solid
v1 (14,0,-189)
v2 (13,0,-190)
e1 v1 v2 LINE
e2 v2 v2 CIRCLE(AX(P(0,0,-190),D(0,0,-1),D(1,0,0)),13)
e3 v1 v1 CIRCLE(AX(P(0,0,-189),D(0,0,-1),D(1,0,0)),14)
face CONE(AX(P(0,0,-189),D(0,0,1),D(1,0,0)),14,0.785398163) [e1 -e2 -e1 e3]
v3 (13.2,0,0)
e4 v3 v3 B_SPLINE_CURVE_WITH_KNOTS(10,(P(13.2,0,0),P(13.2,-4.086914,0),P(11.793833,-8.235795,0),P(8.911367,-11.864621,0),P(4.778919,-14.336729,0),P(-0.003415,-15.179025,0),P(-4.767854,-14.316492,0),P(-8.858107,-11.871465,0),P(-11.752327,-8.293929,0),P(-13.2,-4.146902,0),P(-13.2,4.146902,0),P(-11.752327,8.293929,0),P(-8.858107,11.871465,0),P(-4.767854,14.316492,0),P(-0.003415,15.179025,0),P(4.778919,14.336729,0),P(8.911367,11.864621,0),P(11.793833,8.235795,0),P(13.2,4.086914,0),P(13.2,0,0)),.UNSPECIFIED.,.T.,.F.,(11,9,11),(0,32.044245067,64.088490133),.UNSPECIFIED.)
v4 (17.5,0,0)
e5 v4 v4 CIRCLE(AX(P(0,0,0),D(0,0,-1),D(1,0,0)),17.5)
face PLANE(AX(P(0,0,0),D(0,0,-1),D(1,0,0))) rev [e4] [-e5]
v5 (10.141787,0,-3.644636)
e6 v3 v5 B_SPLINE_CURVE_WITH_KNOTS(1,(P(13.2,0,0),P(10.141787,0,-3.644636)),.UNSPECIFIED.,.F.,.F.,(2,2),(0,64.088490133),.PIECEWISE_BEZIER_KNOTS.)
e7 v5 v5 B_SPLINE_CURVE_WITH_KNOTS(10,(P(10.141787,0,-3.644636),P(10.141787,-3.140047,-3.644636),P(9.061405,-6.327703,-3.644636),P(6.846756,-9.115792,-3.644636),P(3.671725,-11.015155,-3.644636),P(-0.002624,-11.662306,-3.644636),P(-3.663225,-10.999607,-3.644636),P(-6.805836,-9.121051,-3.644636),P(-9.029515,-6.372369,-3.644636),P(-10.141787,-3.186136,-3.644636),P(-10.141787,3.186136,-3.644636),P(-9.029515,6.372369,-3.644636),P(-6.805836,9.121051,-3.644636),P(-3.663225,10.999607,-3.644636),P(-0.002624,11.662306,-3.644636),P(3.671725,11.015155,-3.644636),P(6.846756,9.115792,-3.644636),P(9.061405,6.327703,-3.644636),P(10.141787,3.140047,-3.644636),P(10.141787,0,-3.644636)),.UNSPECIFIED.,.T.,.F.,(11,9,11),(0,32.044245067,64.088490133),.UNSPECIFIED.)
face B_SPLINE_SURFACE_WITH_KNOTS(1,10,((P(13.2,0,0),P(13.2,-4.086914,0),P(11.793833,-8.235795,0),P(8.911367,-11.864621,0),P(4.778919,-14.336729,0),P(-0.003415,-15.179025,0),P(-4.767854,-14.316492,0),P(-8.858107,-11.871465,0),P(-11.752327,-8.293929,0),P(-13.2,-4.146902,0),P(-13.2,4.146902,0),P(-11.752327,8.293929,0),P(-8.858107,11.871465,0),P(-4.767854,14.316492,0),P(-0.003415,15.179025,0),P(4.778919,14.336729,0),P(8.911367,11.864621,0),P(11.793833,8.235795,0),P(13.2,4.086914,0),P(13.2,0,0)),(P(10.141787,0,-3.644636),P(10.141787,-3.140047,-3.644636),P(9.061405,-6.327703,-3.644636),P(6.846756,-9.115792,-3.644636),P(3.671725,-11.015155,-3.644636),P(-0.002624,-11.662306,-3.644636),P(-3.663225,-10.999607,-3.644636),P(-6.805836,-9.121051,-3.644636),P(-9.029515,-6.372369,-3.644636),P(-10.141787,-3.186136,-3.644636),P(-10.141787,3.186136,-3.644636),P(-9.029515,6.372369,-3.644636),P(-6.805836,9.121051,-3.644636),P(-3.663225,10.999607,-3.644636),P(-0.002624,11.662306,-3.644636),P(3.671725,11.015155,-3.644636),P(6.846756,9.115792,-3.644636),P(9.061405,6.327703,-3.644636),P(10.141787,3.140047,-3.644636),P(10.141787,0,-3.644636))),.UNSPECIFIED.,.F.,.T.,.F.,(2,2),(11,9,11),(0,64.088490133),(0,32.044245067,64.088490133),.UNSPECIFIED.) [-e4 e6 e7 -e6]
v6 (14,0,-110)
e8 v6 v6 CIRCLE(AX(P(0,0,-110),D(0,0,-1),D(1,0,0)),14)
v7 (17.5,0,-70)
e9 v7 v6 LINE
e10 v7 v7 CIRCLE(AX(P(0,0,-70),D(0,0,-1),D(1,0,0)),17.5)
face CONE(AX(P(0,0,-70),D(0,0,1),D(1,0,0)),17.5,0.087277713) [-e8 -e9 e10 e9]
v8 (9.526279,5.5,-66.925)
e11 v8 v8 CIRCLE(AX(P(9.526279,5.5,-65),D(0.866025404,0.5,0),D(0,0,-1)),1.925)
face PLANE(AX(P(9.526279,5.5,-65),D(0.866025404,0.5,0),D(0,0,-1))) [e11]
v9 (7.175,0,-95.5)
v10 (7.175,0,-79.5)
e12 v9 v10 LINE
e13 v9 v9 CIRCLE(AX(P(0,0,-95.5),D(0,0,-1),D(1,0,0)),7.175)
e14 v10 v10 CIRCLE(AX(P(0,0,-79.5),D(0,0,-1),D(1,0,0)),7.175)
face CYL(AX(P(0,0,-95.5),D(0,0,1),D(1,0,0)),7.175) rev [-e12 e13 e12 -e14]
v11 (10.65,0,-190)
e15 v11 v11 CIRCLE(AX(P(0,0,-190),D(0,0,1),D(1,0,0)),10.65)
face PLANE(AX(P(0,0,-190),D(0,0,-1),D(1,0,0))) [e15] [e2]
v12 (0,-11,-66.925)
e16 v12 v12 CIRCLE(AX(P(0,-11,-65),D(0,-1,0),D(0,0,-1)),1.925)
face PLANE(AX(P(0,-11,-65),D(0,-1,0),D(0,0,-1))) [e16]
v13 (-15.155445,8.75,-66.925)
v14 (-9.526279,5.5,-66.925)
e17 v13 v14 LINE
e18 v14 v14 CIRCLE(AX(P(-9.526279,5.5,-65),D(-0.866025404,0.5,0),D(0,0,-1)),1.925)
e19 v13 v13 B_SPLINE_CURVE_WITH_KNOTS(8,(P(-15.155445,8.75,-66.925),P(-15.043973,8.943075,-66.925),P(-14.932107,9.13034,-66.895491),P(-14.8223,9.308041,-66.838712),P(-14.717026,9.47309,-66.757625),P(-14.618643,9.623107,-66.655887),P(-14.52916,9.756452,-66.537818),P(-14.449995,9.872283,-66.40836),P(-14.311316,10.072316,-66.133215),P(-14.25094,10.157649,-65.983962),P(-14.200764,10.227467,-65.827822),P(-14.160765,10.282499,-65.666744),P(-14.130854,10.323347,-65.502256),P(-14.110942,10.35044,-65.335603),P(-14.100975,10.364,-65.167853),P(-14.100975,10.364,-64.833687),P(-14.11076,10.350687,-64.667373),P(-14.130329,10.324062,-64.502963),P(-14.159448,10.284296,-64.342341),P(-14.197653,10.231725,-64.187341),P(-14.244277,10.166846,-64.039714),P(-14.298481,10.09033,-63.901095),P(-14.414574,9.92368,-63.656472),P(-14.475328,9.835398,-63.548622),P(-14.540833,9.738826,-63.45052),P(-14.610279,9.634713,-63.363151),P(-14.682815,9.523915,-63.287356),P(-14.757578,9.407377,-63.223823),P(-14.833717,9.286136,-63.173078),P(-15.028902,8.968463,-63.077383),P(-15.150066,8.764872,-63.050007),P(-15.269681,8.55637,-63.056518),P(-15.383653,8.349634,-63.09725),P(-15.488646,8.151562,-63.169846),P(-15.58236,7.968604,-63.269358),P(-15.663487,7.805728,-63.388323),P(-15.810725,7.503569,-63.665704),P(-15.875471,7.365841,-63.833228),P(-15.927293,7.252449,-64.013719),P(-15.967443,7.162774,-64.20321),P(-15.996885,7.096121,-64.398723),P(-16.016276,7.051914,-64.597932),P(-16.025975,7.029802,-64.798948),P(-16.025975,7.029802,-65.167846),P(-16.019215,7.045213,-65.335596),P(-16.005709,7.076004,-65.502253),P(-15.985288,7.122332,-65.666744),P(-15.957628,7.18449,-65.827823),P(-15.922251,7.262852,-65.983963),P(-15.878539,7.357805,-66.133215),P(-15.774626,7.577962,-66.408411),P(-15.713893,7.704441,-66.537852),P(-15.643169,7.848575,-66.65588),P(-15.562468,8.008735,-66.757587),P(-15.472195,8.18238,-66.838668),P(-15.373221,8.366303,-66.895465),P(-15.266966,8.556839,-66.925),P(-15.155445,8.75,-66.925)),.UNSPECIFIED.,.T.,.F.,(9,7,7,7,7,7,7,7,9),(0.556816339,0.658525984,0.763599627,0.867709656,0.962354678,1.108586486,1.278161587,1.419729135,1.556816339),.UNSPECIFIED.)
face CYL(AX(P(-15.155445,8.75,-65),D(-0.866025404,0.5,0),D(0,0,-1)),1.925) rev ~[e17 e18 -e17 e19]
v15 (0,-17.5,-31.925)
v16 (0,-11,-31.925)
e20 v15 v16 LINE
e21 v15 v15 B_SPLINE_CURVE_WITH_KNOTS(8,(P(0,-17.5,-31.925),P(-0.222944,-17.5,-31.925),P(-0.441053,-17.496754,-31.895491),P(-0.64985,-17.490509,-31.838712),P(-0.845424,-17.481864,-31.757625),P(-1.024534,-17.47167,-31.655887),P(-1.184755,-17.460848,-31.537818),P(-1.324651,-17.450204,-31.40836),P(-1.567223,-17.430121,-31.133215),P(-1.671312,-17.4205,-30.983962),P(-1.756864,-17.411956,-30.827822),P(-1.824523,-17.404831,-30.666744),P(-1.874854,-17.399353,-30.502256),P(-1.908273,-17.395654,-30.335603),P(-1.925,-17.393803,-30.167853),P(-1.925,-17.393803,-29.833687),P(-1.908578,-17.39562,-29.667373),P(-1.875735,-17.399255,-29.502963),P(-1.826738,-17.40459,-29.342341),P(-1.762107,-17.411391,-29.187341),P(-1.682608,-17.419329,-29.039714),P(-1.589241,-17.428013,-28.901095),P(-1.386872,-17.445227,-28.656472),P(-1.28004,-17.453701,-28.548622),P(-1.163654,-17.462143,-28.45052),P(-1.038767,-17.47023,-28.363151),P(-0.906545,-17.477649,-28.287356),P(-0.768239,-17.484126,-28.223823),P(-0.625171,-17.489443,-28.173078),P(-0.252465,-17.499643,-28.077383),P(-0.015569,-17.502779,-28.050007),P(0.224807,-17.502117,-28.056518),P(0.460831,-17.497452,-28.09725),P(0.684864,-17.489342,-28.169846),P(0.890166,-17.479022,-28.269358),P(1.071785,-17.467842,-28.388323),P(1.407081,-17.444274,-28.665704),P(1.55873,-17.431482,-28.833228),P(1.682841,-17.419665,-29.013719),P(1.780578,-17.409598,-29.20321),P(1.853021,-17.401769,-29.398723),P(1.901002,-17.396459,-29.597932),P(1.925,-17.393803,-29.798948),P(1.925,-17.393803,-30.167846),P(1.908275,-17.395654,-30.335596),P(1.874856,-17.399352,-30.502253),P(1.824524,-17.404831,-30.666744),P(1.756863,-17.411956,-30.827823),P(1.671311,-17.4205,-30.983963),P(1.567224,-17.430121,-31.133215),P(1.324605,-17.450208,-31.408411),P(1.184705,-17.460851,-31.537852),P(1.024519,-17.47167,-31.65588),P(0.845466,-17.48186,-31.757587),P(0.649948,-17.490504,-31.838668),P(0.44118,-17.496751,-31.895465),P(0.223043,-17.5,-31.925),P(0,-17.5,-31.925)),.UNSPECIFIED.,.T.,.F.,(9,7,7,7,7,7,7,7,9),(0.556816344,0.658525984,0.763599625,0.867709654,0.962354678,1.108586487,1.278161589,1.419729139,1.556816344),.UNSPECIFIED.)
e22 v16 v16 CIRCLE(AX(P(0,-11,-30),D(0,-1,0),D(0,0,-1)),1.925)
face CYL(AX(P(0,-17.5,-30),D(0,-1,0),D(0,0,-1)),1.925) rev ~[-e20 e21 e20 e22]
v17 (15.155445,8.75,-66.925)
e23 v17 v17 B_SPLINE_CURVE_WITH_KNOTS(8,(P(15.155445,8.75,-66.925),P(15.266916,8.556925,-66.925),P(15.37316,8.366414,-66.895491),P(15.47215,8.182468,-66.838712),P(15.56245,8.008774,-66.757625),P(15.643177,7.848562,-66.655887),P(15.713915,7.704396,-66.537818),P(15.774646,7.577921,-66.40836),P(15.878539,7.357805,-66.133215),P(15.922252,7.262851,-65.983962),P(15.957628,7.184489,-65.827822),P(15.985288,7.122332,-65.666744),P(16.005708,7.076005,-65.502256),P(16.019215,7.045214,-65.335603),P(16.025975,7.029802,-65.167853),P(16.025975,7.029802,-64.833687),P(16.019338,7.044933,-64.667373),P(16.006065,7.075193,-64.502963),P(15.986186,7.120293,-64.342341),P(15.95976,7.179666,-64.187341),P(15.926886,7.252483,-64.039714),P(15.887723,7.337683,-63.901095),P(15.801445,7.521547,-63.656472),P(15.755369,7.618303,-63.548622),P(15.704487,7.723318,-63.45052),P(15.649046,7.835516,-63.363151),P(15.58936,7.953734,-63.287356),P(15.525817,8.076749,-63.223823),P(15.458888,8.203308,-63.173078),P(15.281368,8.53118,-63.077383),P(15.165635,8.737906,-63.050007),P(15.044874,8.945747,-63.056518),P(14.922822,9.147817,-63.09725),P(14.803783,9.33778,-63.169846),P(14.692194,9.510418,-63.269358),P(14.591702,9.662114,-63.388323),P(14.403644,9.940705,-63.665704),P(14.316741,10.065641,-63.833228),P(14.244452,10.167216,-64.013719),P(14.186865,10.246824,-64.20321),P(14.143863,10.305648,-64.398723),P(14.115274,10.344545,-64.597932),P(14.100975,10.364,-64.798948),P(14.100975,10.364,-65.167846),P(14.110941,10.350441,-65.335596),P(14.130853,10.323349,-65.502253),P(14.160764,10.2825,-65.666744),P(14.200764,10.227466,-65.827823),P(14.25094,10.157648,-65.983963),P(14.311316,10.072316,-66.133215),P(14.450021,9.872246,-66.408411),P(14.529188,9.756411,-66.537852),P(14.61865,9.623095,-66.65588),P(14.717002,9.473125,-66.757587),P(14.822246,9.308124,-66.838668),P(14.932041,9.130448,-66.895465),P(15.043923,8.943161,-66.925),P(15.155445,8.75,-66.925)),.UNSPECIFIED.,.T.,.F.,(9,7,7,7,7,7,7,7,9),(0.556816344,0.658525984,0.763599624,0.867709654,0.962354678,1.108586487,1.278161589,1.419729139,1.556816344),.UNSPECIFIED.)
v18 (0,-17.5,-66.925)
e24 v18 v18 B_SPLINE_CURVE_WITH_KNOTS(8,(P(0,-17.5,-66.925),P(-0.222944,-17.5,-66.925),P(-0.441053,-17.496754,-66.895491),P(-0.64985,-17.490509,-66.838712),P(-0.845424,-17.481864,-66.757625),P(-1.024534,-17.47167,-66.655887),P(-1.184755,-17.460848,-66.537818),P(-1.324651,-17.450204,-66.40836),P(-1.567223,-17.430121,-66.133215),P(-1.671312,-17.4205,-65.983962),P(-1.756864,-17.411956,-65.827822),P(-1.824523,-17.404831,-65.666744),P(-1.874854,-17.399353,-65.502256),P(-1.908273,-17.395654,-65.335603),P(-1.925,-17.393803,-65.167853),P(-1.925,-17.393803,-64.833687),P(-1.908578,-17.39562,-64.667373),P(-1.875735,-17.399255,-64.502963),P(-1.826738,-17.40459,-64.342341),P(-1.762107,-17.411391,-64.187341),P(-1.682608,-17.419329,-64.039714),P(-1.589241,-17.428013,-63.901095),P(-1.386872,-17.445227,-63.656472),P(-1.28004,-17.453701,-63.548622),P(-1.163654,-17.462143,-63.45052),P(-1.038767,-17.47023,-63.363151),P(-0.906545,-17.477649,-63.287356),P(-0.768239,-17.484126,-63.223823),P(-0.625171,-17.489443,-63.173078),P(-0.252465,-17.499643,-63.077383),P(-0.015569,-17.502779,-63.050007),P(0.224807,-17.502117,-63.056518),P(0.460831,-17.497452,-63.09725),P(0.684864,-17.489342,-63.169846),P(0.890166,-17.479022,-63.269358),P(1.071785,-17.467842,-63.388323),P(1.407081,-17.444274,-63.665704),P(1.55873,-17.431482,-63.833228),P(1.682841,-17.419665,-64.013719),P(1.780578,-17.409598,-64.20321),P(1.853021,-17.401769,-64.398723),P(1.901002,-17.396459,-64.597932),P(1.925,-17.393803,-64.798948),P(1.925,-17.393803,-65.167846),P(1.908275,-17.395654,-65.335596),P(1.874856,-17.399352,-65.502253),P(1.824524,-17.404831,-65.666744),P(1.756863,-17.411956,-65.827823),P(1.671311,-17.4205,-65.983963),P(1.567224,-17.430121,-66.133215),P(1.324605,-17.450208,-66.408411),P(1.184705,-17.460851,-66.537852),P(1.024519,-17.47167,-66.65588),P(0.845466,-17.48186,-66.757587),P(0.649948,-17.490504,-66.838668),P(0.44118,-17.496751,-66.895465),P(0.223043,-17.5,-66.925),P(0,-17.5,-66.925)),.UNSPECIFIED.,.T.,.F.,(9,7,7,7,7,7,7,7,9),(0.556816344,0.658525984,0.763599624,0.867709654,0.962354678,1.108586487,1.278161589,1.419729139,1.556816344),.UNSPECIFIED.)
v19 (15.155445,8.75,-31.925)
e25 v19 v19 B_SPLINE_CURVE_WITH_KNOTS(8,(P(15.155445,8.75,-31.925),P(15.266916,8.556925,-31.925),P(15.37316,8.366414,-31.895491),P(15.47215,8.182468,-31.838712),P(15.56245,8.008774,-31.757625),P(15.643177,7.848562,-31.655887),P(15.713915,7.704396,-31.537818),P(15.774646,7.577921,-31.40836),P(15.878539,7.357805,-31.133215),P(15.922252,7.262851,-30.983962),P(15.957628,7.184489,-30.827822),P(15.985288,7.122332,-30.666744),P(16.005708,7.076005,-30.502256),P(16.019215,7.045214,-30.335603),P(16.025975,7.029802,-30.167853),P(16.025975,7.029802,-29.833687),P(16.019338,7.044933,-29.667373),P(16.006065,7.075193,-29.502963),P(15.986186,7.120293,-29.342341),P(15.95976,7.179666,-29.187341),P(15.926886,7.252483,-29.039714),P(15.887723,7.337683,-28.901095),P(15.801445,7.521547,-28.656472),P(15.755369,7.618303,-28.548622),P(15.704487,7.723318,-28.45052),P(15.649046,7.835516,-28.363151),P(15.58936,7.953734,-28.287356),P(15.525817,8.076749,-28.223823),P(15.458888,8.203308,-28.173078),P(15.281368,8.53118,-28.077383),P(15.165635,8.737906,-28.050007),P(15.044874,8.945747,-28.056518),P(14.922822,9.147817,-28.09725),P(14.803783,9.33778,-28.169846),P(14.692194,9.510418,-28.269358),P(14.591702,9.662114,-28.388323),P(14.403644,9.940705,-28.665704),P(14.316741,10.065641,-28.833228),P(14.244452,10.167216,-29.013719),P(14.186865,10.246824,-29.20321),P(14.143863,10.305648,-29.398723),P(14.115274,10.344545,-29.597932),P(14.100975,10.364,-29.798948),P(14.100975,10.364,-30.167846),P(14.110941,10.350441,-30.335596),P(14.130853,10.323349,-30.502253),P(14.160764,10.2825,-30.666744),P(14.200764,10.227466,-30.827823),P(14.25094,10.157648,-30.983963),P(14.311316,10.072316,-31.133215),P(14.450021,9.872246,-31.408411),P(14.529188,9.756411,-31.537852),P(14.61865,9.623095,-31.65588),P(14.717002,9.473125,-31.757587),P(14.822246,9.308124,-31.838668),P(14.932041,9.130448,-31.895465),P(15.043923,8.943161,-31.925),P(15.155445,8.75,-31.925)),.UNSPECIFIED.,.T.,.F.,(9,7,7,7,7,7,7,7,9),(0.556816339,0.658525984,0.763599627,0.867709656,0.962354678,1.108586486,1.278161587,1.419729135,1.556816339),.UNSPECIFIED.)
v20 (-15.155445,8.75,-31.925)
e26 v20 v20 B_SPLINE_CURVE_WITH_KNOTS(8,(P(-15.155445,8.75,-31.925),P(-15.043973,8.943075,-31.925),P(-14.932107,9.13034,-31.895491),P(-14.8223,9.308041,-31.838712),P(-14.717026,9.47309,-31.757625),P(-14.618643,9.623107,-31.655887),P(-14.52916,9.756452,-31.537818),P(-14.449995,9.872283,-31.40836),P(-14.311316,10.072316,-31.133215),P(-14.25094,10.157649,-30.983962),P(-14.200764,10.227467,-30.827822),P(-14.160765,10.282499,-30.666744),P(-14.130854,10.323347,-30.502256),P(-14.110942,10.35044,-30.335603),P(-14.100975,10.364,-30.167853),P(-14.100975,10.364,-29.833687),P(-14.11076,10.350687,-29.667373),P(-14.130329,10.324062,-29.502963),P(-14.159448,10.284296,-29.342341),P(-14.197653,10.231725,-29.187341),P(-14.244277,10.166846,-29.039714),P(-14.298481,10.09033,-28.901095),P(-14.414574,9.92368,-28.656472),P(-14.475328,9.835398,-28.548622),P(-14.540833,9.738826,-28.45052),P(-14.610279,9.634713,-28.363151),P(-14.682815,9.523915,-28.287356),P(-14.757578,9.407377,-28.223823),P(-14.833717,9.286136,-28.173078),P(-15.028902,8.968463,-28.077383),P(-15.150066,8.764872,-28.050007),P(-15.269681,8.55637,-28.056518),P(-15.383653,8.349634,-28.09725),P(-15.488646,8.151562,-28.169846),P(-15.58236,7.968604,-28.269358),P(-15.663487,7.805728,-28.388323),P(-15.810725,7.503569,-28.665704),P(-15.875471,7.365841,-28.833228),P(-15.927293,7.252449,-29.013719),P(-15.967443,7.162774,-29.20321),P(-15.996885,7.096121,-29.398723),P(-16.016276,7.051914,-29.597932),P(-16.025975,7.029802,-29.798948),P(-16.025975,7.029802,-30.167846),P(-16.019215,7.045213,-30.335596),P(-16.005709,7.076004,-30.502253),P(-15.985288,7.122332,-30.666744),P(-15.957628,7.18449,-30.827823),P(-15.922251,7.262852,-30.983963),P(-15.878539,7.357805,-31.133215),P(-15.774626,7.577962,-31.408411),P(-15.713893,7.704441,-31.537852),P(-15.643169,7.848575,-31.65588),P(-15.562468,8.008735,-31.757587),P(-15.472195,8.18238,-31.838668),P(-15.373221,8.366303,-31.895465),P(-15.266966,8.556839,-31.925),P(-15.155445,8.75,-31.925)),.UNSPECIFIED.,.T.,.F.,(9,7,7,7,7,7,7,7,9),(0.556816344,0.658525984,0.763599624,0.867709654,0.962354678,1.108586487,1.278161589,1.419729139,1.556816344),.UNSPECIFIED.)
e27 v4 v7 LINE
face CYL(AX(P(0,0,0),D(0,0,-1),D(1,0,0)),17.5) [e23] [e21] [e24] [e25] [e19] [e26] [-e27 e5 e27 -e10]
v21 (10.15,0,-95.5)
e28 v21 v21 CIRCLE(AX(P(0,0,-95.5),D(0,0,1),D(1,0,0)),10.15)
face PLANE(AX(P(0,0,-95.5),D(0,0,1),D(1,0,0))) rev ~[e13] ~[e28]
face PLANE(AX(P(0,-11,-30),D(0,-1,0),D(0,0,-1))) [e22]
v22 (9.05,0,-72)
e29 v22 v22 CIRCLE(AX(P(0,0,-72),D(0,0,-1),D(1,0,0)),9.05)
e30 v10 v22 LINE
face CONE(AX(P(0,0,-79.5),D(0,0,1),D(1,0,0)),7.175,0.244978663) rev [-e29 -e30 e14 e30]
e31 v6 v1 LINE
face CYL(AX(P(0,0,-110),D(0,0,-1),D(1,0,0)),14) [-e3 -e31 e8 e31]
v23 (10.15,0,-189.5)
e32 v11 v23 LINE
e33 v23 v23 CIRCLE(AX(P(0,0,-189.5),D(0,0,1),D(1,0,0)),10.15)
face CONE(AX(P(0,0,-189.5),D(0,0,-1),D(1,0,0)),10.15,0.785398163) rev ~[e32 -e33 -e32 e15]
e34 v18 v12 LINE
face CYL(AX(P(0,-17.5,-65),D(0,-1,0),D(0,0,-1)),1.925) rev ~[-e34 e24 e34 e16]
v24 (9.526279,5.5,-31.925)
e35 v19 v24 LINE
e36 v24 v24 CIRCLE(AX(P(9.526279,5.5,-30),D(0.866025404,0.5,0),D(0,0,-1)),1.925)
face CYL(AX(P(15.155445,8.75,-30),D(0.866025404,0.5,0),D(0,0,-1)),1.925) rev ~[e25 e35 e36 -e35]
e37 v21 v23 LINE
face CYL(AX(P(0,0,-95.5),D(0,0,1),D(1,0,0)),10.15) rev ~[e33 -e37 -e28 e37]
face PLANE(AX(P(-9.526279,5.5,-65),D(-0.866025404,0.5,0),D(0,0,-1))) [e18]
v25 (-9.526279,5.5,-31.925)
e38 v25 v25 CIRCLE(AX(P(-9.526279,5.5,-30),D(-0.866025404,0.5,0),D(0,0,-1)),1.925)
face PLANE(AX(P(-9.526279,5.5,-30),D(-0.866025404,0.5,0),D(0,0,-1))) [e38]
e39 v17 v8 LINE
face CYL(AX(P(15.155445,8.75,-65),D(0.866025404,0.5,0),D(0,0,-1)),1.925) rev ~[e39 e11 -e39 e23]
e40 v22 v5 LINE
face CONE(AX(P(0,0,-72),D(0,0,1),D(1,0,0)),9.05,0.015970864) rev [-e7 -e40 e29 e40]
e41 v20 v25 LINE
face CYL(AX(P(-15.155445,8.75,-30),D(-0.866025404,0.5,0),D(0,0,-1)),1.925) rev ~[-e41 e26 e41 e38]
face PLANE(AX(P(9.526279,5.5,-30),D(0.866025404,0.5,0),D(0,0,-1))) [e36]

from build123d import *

# Parameters (mm, degrees)
SKETCH_5_R               = 1.925
CUT_EXTRUDE_3_DEPTH      = 6.5
PATTERN_CIRCULAR_1_COUNT = 3
CUT_EXTRUDE_4_REACH      = 100.655
SKETCH_6_R               = 10.15
CHAMFER_1_SIZE           = 1
CHAMFER_2_SIZE           = 0.5
CHAMFER_3_SIZE           = 3
CHAMFER_3_SIZE2          = 3.645101124


with BuildPart() as part:
    # 스케치2 → 회전1 (revolve)
    with BuildSketch(Plane(origin=(0, 0, 0), x_dir=(0, 0, -1), z_dir=(1, 0, 0)), mode=Mode.PRIVATE) as revolve_1_sk:
        Polygon((0.919706719, -10.18531024), (0, -10.2), (0, -17.5), (70, -17.5), (110, -14), (190, -14), (190, 0), (95.5, 0), (95.5, -7.175), (79.5, -7.175), (72, -9.05), align=None)
    revolve(revolve_1_sk.sketch.rotate(Axis((0, 0, 0), (0, 0, -1)), 270), axis=Axis((0, 0, 0), (0, 0, -1)))

    # 스케치5 → 컷-돌출3 (cut)
    with BuildSketch(Plane(origin=(0, -17.5, 0), x_dir=(-1, 0, 0), z_dir=(0, -1, 0))):
        with Locations(Location((0, 30, 0), (0, 0, 90))):
            Circle(SKETCH_5_R)
        with Locations(Location((0, 65, 0), (0, 0, 90))):
            Circle(SKETCH_5_R)
    cut_extrude_3 = extrude(amount=-CUT_EXTRUDE_3_DEPTH, mode=Mode.SUBTRACT)

    # 원형 패턴1: 컷-돌출3 ×3 about axis
    pattern_circular_1_axis = Axis((0, 0, 0), (0, 0, 1))
    for i in range(1, PATTERN_CIRCULAR_1_COUNT):
        add(cut_extrude_3.rotate(pattern_circular_1_axis, i * 360 / PATTERN_CIRCULAR_1_COUNT), mode=Mode.SUBTRACT)

    # 스케치6 → 컷-돌출4 (cut, up to next)
    with BuildSketch(Plane.XY.offset(-95.5), mode=Mode.PRIVATE) as cut_extrude_4_sk1:
        Circle(SKETCH_6_R)
    cut_extrude_4_tool1 = extrude(cut_extrude_4_sk1.sketch, amount=-CUT_EXTRUDE_4_REACH, mode=Mode.PRIVATE) & part.part
    add(cut_extrude_4_tool1.solids().sort_by_distance((0, 0, -95.5))[0], mode=Mode.SUBTRACT)

    # 모따기1
    chamfer_1_edges = [part.edges().sort_by_distance(p)[0] for p in [
        (-14, 0, -190),
    ]]
    chamfer(chamfer_1_edges, length=CHAMFER_1_SIZE)

    # 모따기2
    chamfer_2_edges = [part.edges().sort_by_distance(p)[0] for p in [
        (-10.15, 0, -190),
    ]]
    chamfer(chamfer_2_edges, length=CHAMFER_2_SIZE)

    # 모따기3
    chamfer_3_edges = [part.edges().sort_by_distance(p)[0] for p in [
        (-10.2, 0, 0),
    ]]
    chamfer_3_side = [part.faces().sort_by_distance(p)[0] for p in [
        (-10.694974747, 0, 0),
    ]]
    chamfer(chamfer_3_edges, length=CHAMFER_3_SIZE, length2=CHAMFER_3_SIZE2, reference=chamfer_3_side[0])


solid = part.part
